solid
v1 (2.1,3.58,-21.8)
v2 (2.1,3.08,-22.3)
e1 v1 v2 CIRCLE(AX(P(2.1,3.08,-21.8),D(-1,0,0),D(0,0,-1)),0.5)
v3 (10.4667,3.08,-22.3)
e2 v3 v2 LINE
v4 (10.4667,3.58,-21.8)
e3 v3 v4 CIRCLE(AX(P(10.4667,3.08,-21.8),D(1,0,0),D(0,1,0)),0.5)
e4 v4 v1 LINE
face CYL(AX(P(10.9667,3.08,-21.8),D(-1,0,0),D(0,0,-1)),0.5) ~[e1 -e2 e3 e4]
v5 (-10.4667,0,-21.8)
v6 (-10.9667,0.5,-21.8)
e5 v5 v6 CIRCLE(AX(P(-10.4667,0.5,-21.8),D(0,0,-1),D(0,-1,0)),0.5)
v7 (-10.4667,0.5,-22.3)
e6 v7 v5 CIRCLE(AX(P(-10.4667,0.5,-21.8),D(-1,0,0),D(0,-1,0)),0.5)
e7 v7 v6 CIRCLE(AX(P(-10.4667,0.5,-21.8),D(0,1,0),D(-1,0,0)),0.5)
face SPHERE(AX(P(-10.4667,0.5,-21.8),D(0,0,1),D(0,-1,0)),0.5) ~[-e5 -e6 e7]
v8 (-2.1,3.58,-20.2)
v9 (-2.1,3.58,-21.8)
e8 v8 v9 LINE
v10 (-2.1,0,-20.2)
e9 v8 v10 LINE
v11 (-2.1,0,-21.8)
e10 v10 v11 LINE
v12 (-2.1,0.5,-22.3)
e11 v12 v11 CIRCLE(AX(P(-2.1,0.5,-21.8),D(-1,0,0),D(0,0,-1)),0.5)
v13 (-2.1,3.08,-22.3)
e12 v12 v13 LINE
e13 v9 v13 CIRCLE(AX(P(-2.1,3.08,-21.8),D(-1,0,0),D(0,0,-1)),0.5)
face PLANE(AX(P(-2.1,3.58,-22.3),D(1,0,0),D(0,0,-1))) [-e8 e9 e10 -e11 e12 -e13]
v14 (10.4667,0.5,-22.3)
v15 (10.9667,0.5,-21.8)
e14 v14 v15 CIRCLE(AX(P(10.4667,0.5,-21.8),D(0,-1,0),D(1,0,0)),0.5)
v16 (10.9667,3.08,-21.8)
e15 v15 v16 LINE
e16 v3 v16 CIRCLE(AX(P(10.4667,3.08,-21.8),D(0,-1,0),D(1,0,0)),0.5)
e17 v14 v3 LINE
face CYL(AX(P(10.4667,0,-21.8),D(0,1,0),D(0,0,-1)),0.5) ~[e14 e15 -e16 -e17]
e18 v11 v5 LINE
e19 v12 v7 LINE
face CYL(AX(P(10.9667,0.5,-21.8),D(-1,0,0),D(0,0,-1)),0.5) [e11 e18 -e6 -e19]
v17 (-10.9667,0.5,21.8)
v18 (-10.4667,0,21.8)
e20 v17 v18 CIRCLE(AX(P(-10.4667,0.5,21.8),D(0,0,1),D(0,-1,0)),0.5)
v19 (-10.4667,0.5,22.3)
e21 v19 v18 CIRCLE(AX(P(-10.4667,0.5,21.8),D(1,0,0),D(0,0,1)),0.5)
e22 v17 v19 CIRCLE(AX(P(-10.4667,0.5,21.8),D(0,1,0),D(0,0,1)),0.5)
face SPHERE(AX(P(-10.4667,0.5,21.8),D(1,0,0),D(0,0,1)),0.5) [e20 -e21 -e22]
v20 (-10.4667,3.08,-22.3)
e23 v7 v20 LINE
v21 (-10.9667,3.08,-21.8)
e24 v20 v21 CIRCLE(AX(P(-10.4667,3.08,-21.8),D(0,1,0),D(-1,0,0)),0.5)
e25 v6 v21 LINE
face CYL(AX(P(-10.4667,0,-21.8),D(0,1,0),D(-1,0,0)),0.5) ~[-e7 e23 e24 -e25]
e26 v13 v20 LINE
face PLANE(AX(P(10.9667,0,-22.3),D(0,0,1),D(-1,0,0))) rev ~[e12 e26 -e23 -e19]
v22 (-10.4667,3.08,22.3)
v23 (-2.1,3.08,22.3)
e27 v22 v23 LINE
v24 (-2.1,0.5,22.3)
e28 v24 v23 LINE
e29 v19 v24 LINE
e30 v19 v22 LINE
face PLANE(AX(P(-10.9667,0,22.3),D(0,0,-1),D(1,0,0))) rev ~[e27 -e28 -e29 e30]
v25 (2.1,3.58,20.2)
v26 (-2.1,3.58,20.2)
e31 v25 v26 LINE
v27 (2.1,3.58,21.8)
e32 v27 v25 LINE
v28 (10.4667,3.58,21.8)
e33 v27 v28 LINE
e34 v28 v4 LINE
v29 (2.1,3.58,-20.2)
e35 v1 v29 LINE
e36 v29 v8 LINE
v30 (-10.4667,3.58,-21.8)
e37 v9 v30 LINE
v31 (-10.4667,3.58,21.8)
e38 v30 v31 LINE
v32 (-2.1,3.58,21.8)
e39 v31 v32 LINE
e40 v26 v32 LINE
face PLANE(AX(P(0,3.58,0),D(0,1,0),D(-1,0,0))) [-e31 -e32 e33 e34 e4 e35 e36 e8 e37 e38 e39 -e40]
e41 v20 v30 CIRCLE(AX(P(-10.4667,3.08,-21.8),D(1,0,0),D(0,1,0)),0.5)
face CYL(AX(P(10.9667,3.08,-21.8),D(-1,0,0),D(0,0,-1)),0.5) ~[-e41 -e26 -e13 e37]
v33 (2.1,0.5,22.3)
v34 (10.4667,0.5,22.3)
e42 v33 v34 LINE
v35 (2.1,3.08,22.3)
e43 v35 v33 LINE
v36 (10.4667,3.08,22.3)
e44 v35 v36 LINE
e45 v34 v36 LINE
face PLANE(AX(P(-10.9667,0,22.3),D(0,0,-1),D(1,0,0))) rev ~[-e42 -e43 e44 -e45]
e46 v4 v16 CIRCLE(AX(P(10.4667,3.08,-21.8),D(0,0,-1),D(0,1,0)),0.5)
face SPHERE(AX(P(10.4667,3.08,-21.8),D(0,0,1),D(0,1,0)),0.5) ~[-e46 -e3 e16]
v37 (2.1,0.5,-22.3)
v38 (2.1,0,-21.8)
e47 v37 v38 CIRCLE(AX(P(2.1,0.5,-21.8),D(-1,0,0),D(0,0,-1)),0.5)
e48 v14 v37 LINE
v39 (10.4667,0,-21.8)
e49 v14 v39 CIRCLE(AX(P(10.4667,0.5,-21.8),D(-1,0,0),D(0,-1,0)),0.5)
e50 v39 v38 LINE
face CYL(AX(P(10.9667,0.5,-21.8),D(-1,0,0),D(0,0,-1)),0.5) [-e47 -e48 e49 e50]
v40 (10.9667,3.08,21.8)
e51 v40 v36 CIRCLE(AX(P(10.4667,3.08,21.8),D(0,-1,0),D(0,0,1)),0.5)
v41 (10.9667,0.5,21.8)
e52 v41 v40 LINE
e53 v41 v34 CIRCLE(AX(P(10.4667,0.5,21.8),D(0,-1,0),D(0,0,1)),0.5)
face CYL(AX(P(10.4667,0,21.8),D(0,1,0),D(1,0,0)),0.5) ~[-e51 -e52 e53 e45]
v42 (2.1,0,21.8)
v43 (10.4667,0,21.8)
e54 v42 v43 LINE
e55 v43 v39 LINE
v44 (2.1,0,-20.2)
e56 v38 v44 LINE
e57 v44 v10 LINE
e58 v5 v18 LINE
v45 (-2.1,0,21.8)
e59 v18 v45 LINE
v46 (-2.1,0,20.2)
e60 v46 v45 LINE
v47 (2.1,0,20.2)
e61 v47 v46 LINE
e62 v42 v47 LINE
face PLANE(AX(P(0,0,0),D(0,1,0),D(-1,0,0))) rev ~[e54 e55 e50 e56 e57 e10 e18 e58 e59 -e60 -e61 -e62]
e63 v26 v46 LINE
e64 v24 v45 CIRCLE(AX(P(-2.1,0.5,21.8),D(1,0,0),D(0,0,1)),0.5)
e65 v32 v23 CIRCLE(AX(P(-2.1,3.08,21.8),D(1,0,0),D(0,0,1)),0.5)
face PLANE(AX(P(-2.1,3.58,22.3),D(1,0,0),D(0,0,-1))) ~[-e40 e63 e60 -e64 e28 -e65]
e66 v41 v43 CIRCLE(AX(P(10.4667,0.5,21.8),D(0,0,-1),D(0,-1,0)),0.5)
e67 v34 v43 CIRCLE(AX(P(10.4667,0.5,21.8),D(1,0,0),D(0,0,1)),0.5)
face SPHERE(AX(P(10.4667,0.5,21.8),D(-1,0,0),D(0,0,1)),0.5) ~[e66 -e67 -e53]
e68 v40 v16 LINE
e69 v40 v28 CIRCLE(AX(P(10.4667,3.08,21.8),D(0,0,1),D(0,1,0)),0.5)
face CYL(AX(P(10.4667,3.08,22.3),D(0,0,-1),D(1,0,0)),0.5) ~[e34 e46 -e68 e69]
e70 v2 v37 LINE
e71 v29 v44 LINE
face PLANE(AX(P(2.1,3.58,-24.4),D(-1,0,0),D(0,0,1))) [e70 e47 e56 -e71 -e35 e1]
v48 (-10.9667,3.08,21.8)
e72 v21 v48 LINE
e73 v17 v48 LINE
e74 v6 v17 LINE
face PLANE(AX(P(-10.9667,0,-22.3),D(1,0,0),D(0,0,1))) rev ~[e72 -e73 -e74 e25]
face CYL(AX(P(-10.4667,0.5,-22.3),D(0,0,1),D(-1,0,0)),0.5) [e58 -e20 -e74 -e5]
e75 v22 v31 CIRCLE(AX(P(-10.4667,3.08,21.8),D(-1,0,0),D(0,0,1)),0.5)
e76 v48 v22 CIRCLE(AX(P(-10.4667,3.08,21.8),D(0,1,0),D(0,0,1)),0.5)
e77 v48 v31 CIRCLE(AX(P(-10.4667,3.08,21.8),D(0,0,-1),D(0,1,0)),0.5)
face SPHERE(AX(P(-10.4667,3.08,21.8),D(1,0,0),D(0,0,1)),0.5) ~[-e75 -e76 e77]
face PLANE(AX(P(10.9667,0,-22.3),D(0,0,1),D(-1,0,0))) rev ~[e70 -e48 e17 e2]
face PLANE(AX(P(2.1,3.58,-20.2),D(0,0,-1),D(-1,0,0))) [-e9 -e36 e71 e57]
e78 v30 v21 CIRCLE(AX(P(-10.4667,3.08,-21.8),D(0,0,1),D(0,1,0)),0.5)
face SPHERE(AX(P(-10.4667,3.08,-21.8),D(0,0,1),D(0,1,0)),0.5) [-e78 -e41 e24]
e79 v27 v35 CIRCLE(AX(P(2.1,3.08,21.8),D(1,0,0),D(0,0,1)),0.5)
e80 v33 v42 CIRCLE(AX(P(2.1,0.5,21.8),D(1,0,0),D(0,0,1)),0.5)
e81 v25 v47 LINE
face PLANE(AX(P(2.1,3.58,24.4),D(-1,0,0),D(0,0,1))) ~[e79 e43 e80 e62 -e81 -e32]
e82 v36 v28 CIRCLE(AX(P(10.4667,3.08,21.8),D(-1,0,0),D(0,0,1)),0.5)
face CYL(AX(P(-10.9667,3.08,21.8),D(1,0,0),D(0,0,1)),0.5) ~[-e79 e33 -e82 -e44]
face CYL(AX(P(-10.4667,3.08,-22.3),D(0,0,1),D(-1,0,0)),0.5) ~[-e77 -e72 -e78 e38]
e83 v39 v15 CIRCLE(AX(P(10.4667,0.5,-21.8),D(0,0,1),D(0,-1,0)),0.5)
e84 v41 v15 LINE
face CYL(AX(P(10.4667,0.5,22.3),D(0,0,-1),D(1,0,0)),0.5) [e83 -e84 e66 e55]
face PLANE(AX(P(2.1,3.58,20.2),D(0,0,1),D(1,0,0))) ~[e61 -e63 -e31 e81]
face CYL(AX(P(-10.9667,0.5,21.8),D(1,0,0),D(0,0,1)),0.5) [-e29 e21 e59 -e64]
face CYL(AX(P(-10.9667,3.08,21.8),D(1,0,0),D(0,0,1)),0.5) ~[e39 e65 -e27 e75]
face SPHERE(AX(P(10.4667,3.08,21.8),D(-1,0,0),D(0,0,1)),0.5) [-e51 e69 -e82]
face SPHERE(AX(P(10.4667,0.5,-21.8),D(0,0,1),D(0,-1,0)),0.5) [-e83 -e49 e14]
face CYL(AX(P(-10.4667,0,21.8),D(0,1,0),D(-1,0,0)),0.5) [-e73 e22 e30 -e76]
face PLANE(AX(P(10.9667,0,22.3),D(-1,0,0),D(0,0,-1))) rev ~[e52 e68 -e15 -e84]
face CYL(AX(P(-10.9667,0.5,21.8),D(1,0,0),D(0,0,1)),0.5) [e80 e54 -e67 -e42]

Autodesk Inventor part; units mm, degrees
ref_plane "Плоскость YZ" through (0, 0, 0) normal (1, 0, 0) x (0, 1, 0)
ref_plane "Плоскость XZ" through (0, 0, 0) normal (0, 1, 0) x (-1, 0, 0)
ref_plane "Плоскость XY" through (0, 0, 0) normal (0, 0, 1) x (1, 0, 0)
sketch "Эскиз1" plane through (0, 0, 0) normal (0, 1, 0) x (-1, 0, 0)
  line L0 (10.9667, 22.3) -> (-10.9667, 22.3)
  line L1 (-10.9667, 22.3) -> (-10.9667, -22.3)
  line L2 (-10.9667, -22.3) -> (10.9667, -22.3)
  line L3 (10.9667, -22.3) -> (10.9667, 22.3)
  line L4 (10.9667, 22.3) -> (-10.9667, -22.3) construction
  line L5 (-10.9667, 22.3) -> (10.9667, -22.3) construction
  point P0 (0, 0)
  dimension "d0" = 44.6
  dimension "d1" = 21.9333
extrude "Выдавливание1" add sketch "Эскиз1" along normal blind 3.58
fillet "Сопряжение1" radius 0.5 12 edges at (0, 3.58, 22.3) (0, 0, 22.3) (10.9667, 1.79, 22.3) (-10.9667, 1.79, 22.3) (-10.9667, 3.58, 0) (10.9667, 3.58, 0) (10.9667, 0, 0) (-10.9667, 0, 0) (0, 3.58, -22.3) (0, 0, -22.3) (-10.9667, 1.79, -22.3) (10.9667, 1.79, -22.3)
sketch "Эскиз2" plane through (0, 3.58, 0) normal (0, 1, 0) x (1, 0, 0)
  line L0 (-2.1, 24.4) -> (2.1, 24.4)
  line L1 (2.1, 24.4) -> (2.1, 20.2)
  line L2 (2.1, 20.2) -> (-2.1, 20.2)
  line L3 (-2.1, 20.2) -> (-2.1, 24.4)
  line L4 (10.4667, 22.3) -> (-10.4667, 22.3) projected
  line L5 (-2.1, 24.4) -> (2.1, 20.2) construction
  line L6 (2.1, 24.4) -> (-2.1, 20.2) construction
  point P0 (0, 0)
  point P1 (0, 22.3)
  dimension "d5" = 4.2
  dimension "d6" = 4.2
extrude "Выдавливание2" cut sketch "Эскиз2" against normal blind 10
mirror "Зеркальное отражение1" about plane through (0, 0, 0) normal (0, 0, 1) of "Выдавливание2"
properties part number "Test2" material "Типовой"
